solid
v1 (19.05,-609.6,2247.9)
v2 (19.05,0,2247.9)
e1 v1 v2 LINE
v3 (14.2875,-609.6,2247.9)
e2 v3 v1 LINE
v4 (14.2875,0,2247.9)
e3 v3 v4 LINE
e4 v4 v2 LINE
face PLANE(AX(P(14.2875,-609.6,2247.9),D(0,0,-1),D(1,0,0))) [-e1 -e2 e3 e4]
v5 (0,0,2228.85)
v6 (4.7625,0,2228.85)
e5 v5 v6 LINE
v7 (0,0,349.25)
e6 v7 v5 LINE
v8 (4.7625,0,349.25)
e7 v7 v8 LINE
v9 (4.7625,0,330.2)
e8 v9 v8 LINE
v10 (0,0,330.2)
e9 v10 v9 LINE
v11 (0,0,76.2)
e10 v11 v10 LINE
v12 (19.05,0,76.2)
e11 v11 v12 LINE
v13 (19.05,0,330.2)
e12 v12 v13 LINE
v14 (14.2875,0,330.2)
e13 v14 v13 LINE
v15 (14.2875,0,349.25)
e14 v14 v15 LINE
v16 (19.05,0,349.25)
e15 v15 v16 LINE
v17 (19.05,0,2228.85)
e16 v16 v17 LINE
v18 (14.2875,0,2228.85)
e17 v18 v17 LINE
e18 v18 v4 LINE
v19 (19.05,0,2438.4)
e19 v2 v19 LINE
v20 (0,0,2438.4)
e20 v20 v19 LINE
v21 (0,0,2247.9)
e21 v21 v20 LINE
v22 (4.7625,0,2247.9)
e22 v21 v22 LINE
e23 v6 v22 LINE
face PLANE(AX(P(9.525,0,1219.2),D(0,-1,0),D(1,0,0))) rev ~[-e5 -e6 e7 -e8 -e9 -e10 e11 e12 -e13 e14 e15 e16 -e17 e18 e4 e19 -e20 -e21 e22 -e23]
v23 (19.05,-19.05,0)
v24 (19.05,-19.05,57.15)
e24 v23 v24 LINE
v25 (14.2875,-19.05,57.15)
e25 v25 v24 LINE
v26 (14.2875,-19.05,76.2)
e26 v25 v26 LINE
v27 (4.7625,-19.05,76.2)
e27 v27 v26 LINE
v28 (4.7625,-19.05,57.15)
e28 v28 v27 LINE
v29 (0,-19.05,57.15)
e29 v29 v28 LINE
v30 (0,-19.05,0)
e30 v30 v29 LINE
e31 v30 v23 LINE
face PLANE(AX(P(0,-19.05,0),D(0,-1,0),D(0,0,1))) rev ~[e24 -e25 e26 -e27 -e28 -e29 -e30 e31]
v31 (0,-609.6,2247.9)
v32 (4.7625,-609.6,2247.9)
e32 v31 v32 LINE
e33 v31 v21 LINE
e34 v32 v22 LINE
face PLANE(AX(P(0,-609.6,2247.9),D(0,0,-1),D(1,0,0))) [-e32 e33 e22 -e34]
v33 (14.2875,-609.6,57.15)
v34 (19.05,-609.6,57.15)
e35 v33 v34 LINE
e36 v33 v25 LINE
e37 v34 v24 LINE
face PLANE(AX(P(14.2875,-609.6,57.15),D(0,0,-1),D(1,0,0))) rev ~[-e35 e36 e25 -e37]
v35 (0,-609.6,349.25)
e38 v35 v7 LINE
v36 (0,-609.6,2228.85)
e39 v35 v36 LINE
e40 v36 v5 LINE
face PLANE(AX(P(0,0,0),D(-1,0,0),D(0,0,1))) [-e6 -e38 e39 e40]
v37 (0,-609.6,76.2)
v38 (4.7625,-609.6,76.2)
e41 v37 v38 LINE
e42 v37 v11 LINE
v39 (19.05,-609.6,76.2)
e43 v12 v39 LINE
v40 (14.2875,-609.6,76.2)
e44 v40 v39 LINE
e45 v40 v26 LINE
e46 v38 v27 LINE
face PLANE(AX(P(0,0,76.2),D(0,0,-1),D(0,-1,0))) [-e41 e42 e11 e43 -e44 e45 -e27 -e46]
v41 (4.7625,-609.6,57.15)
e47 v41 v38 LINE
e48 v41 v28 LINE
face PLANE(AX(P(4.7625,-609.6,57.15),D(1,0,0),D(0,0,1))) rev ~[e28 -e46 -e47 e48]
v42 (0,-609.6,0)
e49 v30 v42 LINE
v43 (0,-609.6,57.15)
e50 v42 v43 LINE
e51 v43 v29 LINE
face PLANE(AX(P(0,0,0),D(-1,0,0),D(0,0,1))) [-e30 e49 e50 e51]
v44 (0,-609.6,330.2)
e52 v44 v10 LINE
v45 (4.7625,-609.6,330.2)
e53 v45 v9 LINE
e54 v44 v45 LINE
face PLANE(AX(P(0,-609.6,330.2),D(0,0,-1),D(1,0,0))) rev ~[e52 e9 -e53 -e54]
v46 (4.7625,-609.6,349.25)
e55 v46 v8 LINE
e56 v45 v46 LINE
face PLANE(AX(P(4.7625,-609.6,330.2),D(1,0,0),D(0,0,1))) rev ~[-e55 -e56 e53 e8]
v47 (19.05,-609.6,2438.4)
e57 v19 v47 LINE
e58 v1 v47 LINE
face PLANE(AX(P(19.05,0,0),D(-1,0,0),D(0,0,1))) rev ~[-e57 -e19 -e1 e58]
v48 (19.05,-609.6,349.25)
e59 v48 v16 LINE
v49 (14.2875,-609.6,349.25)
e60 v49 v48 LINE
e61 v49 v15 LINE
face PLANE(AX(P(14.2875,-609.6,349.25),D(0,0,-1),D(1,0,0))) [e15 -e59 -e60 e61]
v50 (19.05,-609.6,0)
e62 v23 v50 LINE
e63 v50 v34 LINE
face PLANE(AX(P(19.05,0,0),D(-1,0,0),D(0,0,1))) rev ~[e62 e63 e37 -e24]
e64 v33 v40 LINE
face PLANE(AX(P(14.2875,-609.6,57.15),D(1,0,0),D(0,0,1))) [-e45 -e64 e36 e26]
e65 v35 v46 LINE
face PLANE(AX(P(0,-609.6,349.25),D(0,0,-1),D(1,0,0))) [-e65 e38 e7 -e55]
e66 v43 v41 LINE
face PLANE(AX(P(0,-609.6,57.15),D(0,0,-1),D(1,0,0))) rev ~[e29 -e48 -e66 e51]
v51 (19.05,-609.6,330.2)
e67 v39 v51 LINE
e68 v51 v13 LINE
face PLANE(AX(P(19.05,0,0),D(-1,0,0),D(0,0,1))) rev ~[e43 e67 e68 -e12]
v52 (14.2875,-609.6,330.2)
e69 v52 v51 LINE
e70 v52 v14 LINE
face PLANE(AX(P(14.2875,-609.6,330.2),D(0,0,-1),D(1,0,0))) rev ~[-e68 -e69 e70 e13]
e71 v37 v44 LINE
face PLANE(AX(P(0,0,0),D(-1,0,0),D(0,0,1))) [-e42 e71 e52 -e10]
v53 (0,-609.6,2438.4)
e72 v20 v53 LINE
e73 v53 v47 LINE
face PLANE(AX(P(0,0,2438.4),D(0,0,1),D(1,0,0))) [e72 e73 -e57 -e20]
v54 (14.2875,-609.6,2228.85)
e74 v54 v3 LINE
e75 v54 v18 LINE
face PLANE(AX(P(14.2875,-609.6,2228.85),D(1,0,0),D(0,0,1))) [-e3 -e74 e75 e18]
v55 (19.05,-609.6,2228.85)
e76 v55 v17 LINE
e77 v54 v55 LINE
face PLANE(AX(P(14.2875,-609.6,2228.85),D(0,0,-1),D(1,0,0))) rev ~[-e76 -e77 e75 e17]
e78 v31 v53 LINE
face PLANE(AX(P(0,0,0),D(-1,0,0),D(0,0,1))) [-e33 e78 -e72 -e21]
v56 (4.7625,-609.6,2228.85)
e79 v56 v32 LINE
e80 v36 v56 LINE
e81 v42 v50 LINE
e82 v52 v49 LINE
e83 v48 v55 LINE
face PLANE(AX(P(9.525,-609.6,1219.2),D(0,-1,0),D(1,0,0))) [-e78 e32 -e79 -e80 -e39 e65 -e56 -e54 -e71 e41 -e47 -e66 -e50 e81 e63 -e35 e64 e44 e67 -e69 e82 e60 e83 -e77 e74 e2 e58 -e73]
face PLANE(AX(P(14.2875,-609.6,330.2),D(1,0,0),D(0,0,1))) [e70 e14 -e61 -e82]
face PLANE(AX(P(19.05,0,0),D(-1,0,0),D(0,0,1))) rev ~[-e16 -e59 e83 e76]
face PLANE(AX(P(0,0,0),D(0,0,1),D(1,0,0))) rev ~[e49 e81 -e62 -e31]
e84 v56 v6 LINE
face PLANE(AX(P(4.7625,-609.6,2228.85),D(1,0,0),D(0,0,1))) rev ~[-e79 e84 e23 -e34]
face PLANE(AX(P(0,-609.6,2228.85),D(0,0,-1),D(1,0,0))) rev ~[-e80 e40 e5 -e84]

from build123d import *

# Parameters (mm, degrees)
F0_W     = 19.05
F0_H     = 2438.4
F1_DEPTH = 609.6
F2_W     = 19.05
F2_H     = 76.2
F3_DEPTH = 19.051
F4_W     = 4.7625
F4_H     = 19.05
F5_DEPTH = 609.601


with BuildPart() as f1:
    # F0 (on Front) → F1 (new body)
    with BuildSketch(Plane.XZ):
        with Locations((9.525, 1219.2)):
            Rectangle(F0_W, F0_H)
    extrude(amount=F1_DEPTH)

    # F2 (on face) → F3 (cut, through all)
    with BuildSketch(Plane(origin=(0, 0, 0), x_dir=(0, -1, 0), z_dir=(-1, 0, 0))):
        with Locations((9.525, 38.1)):
            Rectangle(F2_W, F2_H)
    extrude(amount=-F3_DEPTH, mode=Mode.SUBTRACT)

    # F4 (on face) → F5 (cut, through all)
    with BuildSketch(Plane.XZ.offset(609.6)):
        with Locations((2.38125, 66.675)):
            Rectangle(F4_W, F4_H)
        with Locations((16.66875, 66.675)):
            Rectangle(F4_W, F4_H)
        with Locations((2.38125, 2238.375)):
            Rectangle(F4_W, F4_H)
        with Locations((16.66875, 2238.375)):
            Rectangle(F4_W, F4_H)
        with Locations((16.66875, 339.725)):
            Rectangle(F4_W, F4_H)
        with Locations((2.38125, 339.725)):
            Rectangle(F4_W, F4_H)
    extrude(amount=-F5_DEPTH, mode=Mode.SUBTRACT)


solid = f1.part
